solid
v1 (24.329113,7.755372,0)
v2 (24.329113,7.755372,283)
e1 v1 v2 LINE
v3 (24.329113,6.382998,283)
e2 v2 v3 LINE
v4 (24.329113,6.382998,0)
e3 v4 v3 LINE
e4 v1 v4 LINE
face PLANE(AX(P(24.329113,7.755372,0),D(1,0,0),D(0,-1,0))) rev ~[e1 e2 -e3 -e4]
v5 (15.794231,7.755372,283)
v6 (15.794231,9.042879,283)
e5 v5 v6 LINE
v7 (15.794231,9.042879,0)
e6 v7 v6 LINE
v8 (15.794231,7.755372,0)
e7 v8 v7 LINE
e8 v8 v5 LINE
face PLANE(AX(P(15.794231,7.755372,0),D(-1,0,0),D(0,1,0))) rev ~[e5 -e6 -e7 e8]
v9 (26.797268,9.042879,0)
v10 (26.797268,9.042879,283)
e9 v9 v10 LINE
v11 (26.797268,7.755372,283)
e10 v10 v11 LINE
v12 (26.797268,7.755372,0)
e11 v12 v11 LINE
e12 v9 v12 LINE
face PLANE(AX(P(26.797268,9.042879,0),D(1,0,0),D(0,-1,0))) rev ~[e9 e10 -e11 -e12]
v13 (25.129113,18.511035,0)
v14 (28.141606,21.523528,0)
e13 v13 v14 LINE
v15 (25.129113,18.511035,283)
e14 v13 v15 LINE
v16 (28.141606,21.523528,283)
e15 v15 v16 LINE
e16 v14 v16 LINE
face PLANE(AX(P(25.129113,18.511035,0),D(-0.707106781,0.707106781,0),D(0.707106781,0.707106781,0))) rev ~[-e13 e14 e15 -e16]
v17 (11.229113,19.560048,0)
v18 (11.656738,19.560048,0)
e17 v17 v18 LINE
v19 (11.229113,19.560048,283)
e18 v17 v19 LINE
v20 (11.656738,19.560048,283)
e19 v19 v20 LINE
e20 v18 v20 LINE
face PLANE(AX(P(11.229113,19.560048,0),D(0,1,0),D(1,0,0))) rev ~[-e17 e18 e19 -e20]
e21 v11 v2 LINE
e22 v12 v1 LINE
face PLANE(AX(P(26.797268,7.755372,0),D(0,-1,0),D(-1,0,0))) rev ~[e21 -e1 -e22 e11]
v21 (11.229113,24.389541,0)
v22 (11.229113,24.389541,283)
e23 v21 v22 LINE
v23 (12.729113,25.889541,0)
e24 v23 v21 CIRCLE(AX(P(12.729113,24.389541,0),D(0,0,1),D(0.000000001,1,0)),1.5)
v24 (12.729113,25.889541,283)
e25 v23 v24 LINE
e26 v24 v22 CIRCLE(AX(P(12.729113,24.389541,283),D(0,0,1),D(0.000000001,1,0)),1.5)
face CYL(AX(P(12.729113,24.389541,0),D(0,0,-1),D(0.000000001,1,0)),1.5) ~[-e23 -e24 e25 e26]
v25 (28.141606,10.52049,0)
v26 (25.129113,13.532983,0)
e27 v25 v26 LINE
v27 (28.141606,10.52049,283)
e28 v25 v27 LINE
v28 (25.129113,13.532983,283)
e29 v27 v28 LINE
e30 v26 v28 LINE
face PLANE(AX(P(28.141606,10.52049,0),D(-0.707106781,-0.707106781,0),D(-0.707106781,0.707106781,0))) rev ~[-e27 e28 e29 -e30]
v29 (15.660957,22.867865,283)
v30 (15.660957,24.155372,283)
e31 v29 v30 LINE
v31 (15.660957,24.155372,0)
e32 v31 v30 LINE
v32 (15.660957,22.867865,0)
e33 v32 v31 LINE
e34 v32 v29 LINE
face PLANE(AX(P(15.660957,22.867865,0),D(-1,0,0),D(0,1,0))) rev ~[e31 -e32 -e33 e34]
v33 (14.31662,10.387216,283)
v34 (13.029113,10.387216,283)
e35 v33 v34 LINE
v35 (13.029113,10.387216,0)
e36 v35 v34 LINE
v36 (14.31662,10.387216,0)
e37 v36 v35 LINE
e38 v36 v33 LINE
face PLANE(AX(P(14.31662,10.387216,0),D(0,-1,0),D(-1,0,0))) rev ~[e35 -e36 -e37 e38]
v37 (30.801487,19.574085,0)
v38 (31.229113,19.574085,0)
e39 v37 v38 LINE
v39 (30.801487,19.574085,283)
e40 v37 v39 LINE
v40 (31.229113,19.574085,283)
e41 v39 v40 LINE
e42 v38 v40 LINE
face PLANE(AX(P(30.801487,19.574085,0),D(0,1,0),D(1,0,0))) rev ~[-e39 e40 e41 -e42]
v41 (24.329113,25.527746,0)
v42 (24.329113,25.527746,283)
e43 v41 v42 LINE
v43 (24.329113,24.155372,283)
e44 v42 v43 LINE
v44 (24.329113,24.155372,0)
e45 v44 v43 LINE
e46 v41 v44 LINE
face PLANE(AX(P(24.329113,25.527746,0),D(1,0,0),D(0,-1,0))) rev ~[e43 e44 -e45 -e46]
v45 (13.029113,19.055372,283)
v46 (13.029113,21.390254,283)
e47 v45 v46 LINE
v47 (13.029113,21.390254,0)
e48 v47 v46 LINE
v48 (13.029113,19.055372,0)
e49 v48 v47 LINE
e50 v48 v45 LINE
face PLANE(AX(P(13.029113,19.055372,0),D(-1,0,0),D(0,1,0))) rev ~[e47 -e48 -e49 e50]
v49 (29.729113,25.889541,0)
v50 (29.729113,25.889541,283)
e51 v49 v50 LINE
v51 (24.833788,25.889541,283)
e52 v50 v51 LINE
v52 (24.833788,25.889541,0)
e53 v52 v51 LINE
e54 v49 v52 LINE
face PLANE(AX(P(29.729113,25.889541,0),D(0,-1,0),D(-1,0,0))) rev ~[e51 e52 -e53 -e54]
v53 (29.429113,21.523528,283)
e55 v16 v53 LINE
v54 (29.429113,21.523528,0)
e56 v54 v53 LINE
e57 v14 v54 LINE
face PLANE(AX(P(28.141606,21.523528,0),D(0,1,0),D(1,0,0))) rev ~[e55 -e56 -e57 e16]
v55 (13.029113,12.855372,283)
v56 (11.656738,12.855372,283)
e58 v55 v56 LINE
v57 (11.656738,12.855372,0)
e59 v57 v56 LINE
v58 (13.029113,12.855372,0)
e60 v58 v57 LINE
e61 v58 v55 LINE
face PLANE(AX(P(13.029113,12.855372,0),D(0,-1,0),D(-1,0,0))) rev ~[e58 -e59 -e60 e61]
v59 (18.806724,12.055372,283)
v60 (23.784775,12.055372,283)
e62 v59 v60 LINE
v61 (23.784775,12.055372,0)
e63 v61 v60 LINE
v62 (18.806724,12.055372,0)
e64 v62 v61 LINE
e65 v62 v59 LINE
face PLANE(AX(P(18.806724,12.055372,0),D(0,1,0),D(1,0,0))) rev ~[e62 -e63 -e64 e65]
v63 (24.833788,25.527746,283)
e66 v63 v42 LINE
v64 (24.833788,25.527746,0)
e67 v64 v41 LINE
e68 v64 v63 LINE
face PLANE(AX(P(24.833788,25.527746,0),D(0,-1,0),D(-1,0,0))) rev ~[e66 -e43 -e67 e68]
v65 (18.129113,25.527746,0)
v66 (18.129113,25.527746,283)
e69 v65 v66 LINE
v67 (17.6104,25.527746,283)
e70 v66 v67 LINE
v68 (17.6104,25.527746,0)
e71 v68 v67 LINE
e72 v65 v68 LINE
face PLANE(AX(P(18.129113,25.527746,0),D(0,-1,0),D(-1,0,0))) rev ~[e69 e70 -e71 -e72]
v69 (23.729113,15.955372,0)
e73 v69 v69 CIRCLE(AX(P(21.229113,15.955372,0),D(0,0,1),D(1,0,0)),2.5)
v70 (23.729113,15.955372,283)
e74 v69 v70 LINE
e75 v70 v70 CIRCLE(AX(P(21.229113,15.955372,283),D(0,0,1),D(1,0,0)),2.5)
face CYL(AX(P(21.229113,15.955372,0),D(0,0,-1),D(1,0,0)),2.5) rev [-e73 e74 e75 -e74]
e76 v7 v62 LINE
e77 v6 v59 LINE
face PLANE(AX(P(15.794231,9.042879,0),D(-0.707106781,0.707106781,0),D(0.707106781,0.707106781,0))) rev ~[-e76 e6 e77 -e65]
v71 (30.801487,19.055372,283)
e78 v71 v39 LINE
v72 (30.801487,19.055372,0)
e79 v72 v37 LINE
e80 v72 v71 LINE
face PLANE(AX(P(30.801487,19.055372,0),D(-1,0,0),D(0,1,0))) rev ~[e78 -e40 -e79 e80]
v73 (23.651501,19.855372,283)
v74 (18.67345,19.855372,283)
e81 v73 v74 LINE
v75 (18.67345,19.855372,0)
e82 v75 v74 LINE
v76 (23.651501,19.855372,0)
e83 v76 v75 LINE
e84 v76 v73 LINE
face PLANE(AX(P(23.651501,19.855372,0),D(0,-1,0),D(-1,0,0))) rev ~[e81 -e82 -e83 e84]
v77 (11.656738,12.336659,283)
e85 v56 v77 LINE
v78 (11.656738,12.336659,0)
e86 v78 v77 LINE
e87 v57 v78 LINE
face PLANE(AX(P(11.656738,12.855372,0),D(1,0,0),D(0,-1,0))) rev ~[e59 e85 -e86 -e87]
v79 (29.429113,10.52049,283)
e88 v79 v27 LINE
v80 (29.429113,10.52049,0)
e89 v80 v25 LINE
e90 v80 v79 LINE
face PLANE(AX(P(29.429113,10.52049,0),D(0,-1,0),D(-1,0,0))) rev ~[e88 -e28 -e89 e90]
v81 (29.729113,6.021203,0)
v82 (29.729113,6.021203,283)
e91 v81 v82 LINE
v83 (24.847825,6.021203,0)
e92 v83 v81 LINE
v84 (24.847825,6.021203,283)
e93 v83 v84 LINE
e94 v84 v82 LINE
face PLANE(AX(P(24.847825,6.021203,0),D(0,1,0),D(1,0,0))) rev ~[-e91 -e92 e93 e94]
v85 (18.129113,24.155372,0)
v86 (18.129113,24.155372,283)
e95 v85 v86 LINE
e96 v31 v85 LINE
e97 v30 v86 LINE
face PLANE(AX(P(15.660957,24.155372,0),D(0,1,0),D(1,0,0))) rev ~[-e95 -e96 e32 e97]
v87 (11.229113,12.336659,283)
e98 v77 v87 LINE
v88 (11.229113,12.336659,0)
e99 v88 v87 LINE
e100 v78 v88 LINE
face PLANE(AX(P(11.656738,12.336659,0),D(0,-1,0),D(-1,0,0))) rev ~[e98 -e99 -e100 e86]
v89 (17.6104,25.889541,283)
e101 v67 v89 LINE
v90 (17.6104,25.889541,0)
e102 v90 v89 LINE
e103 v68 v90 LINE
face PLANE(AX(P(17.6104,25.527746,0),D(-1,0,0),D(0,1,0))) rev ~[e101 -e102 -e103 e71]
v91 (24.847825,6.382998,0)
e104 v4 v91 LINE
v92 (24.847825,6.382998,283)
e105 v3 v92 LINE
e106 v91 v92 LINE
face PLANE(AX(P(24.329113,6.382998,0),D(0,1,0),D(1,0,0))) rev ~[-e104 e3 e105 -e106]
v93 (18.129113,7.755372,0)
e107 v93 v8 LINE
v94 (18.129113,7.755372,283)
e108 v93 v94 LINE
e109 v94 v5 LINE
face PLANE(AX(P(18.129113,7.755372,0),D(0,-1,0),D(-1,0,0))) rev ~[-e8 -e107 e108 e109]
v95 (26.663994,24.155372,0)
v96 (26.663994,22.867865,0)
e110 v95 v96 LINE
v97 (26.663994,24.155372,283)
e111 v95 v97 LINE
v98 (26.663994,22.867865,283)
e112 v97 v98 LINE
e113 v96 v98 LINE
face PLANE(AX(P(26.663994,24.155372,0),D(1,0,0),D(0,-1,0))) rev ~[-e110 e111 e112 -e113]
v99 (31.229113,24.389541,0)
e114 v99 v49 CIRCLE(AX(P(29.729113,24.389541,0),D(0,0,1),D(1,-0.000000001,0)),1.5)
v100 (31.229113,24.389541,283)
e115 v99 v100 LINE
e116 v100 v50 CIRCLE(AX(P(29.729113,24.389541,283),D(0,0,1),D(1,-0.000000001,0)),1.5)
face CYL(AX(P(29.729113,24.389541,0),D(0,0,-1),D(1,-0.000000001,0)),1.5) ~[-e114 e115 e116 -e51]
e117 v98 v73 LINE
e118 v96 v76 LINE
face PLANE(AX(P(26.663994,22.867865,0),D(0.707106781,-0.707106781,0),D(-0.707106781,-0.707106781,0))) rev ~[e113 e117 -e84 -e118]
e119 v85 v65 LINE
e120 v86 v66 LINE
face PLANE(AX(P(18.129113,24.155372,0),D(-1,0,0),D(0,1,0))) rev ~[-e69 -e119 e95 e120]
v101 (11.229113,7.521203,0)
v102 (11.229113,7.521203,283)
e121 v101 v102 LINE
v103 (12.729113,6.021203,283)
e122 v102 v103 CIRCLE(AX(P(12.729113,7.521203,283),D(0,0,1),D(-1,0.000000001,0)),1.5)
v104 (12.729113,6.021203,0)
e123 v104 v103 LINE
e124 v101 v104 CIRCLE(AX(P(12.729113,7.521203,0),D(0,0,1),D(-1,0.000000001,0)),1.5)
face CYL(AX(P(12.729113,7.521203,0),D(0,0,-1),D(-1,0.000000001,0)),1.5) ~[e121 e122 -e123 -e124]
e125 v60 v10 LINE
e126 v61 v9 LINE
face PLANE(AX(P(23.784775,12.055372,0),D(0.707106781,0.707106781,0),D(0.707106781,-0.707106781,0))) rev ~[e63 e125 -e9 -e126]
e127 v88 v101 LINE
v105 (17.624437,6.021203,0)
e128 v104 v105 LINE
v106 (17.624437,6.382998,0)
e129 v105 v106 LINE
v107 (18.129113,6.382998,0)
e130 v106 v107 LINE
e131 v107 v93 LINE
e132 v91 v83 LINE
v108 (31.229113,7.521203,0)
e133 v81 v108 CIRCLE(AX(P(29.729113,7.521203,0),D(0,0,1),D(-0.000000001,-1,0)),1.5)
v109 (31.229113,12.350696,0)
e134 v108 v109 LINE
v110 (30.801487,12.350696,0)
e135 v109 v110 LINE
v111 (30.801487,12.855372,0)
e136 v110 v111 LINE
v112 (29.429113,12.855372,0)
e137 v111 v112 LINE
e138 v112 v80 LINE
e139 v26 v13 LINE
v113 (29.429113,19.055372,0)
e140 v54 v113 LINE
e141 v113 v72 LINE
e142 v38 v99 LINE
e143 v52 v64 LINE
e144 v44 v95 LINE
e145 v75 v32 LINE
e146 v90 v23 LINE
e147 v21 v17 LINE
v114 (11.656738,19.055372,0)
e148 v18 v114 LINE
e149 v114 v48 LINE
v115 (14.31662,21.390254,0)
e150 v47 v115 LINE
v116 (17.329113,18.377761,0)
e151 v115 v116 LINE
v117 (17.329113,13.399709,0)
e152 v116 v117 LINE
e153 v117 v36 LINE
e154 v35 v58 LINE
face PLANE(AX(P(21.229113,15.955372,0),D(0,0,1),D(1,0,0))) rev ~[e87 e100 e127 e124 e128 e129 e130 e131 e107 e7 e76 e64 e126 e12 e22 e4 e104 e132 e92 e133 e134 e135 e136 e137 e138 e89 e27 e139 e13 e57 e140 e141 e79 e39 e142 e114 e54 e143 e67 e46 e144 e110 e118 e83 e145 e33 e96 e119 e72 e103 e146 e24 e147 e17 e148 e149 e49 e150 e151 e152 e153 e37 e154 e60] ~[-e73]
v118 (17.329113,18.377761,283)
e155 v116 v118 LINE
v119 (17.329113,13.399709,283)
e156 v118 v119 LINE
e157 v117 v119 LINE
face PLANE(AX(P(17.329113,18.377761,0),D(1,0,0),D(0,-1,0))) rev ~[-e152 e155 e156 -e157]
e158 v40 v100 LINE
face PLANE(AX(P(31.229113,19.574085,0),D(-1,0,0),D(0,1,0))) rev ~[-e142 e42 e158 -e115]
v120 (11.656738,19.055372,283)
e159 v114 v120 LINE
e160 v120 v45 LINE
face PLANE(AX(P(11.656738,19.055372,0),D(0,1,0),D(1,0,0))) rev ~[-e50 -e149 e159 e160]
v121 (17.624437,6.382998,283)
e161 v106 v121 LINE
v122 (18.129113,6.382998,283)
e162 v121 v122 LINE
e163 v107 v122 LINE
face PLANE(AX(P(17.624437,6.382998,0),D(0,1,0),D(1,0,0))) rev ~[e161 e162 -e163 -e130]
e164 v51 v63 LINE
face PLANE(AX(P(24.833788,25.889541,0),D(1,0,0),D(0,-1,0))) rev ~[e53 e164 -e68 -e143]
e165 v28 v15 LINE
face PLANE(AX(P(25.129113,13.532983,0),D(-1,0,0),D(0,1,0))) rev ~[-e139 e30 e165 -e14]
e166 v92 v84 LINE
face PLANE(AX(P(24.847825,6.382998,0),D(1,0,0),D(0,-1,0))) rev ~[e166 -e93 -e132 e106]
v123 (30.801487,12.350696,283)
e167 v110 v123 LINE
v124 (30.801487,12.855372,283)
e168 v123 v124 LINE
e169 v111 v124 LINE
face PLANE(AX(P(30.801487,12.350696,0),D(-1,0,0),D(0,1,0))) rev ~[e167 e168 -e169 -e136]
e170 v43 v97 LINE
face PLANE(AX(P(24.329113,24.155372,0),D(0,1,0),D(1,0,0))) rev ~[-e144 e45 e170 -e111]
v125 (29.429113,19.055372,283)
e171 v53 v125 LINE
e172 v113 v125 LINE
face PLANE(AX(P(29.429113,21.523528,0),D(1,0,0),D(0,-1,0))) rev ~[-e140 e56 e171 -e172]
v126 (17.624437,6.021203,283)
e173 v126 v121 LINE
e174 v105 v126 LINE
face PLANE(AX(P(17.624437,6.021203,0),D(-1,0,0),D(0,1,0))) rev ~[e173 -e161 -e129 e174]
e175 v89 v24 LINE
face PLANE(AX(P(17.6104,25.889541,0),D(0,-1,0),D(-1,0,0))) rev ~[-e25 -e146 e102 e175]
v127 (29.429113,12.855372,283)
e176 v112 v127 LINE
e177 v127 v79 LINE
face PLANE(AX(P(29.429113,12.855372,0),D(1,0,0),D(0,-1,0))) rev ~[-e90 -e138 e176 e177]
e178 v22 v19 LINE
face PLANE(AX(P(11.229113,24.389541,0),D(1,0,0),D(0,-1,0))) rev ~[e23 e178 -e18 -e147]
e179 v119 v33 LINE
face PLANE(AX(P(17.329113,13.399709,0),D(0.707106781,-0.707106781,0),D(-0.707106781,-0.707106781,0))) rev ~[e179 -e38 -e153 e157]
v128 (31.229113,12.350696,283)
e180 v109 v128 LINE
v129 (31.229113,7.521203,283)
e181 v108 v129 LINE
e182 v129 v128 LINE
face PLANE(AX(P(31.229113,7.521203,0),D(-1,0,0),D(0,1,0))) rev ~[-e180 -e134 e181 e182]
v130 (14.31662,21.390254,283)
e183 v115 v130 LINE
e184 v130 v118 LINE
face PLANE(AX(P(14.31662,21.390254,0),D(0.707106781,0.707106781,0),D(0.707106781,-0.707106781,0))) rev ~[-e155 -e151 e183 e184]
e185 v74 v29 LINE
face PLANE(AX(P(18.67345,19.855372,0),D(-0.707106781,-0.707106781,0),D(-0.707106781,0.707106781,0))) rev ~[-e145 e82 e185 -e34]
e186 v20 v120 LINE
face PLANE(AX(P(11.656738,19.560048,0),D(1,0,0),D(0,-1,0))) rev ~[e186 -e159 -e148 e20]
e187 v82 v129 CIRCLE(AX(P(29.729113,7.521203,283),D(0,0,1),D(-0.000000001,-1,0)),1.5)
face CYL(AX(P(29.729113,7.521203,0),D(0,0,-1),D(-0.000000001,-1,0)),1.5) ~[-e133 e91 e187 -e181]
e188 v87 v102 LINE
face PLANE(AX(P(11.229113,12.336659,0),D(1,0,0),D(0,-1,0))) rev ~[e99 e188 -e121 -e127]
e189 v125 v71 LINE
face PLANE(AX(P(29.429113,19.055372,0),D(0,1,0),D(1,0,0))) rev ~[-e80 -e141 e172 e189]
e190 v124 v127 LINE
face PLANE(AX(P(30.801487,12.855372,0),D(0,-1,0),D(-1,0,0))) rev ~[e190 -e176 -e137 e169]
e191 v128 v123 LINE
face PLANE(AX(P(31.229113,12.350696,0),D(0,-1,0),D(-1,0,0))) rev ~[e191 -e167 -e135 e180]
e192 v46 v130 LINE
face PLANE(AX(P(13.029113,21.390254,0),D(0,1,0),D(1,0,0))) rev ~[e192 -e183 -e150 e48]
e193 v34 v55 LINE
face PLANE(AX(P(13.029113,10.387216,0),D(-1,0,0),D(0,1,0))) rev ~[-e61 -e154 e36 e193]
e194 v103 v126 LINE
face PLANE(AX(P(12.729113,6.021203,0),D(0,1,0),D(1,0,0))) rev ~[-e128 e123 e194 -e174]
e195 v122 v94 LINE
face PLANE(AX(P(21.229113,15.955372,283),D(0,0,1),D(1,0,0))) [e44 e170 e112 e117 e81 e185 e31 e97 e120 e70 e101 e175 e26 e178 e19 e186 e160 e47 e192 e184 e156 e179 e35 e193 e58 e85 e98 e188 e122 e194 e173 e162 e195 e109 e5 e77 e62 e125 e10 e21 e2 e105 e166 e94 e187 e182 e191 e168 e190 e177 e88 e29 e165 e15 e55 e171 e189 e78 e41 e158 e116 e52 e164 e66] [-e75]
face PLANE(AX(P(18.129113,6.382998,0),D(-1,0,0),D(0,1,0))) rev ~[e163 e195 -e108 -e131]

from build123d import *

# Parameters (mm, degrees)
SKETCH1_R           = 2.5
BOSS_EXTRUDE1_DEPTH = 283


with BuildPart() as part:
    # Sketch1 → Boss-Extrude1 (new body)
    with BuildSketch(Plane.XY):
        with BuildLine():
            Line((14.316619525, 10.387216168), (13.029112559, 10.387216168))
            Line((13.029112559, 10.387216168), (13.029112559, 12.855371932))
            Line((13.029112559, 12.855371932), (11.656738465, 12.855371932))
            Line((11.656738465, 12.855371932), (11.656738465, 12.336659272))
            Line((11.656738465, 12.336659272), (11.229112559, 12.336659272))
            Line((11.229112559, 12.336659272), (11.229112559, 7.521203168))
            ThreePointArc((11.229112559, 7.521203168), (11.668452387, 6.460542996), (12.729112559, 6.021203168))
            Line((12.729112559, 6.021203168), (17.624436699, 6.021203168))
            Line((17.624436699, 6.021203168), (17.624436699, 6.382997838))
            Line((17.624436699, 6.382997838), (18.129112559, 6.382997838))
            Line((18.129112559, 6.382997838), (18.129112559, 7.755371932))
            Line((18.129112559, 7.755371932), (15.794230869, 7.755371932))
            Line((15.794230869, 7.755371932), (15.794230869, 9.042878898))
            Line((15.794230869, 9.042878898), (18.806723903, 12.055371932))
            Line((18.806723903, 12.055371932), (23.784775289, 12.055371932))
            Line((23.784775289, 12.055371932), (26.797268323, 9.042878898))
            Line((26.797268323, 9.042878898), (26.797268323, 7.755371932))
            Line((26.797268323, 7.755371932), (24.329112559, 7.755371932))
            Line((24.329112559, 7.755371932), (24.329112559, 6.382997838))
            Line((24.329112559, 6.382997838), (24.847825219, 6.382997838))
            Line((24.847825219, 6.382997838), (24.847825219, 6.021203168))
            Line((24.847825219, 6.021203168), (29.729112559, 6.021203168))
            ThreePointArc((29.729112559, 6.021203168), (30.789772731, 6.460542996), (31.229112559, 7.521203168))
            Line((31.229112559, 7.521203168), (31.229112559, 12.350696072))
            Line((31.229112559, 12.350696072), (30.801486653, 12.350696072))
            Line((30.801486653, 12.350696072), (30.801486653, 12.855371932))
            Line((30.801486653, 12.855371932), (29.429112559, 12.855371932))
            Line((29.429112559, 12.855371932), (29.429112559, 10.520490242))
            Line((29.429112559, 10.520490242), (28.141605593, 10.520490242))
            Line((28.141605593, 10.520490242), (25.129112559, 13.532983276))
            Line((25.129112559, 13.532983276), (25.129112559, 18.511034662))
            Line((25.129112559, 18.511034662), (28.141605593, 21.523527696))
            Line((28.141605593, 21.523527696), (29.429112559, 21.523527696))
            Line((29.429112559, 21.523527696), (29.429112559, 19.055371932))
            Line((29.429112559, 19.055371932), (30.801486653, 19.055371932))
            Line((30.801486653, 19.055371932), (30.801486653, 19.574084592))
            Line((30.801486653, 19.574084592), (31.229112559, 19.574084592))
            Line((31.229112559, 19.574084592), (31.229112559, 24.389540696))
            ThreePointArc((31.229112559, 24.389540696), (30.789772731, 25.450200868), (29.729112559, 25.889540696))
            Line((29.729112559, 25.889540696), (24.833788419, 25.889540696))
            Line((24.833788419, 25.889540696), (24.833788419, 25.527746026))
            Line((24.833788419, 25.527746026), (24.329112559, 25.527746026))
            Line((24.329112559, 25.527746026), (24.329112559, 24.155371932))
            Line((24.329112559, 24.155371932), (26.663994249, 24.155371932))
            Line((26.663994249, 24.155371932), (26.663994249, 22.867864966))
            Line((26.663994249, 22.867864966), (23.651501215, 19.855371932))
            Line((23.651501215, 19.855371932), (18.673449829, 19.855371932))
            Line((18.673449829, 19.855371932), (15.660956795, 22.867864966))
            Line((15.660956795, 22.867864966), (15.660956795, 24.155371932))
            Line((15.660956795, 24.155371932), (18.129112559, 24.155371932))
            Line((18.129112559, 24.155371932), (18.129112559, 25.527746026))
            Line((18.129112559, 25.527746026), (17.610399899, 25.527746026))
            Line((17.610399899, 25.527746026), (17.610399899, 25.889540696))
            Line((17.610399899, 25.889540696), (12.729112559, 25.889540696))
            ThreePointArc((12.729112559, 25.889540696), (11.668452387, 25.450200868), (11.229112559, 24.389540696))
            Line((11.229112559, 24.389540696), (11.229112559, 19.560047792))
            Line((11.229112559, 19.560047792), (11.656738465, 19.560047792))
            Line((11.656738465, 19.560047792), (11.656738465, 19.055371932))
            Line((11.656738465, 19.055371932), (13.029112559, 19.055371932))
            Line((13.029112559, 19.055371932), (13.029112559, 21.390253622))
            Line((13.029112559, 21.390253622), (14.316619525, 21.390253622))
            Line((14.316619525, 21.390253622), (17.329112559, 18.377760588))
            Line((17.329112559, 18.377760588), (17.329112559, 13.399709202))
            Line((17.329112559, 13.399709202), (14.316619525, 10.387216168))
        make_face()
        with Locations((21.229112559, 15.955371932)):
            Circle(SKETCH1_R, mode=Mode.SUBTRACT)
    extrude(amount=BOSS_EXTRUDE1_DEPTH)


solid = part.part
